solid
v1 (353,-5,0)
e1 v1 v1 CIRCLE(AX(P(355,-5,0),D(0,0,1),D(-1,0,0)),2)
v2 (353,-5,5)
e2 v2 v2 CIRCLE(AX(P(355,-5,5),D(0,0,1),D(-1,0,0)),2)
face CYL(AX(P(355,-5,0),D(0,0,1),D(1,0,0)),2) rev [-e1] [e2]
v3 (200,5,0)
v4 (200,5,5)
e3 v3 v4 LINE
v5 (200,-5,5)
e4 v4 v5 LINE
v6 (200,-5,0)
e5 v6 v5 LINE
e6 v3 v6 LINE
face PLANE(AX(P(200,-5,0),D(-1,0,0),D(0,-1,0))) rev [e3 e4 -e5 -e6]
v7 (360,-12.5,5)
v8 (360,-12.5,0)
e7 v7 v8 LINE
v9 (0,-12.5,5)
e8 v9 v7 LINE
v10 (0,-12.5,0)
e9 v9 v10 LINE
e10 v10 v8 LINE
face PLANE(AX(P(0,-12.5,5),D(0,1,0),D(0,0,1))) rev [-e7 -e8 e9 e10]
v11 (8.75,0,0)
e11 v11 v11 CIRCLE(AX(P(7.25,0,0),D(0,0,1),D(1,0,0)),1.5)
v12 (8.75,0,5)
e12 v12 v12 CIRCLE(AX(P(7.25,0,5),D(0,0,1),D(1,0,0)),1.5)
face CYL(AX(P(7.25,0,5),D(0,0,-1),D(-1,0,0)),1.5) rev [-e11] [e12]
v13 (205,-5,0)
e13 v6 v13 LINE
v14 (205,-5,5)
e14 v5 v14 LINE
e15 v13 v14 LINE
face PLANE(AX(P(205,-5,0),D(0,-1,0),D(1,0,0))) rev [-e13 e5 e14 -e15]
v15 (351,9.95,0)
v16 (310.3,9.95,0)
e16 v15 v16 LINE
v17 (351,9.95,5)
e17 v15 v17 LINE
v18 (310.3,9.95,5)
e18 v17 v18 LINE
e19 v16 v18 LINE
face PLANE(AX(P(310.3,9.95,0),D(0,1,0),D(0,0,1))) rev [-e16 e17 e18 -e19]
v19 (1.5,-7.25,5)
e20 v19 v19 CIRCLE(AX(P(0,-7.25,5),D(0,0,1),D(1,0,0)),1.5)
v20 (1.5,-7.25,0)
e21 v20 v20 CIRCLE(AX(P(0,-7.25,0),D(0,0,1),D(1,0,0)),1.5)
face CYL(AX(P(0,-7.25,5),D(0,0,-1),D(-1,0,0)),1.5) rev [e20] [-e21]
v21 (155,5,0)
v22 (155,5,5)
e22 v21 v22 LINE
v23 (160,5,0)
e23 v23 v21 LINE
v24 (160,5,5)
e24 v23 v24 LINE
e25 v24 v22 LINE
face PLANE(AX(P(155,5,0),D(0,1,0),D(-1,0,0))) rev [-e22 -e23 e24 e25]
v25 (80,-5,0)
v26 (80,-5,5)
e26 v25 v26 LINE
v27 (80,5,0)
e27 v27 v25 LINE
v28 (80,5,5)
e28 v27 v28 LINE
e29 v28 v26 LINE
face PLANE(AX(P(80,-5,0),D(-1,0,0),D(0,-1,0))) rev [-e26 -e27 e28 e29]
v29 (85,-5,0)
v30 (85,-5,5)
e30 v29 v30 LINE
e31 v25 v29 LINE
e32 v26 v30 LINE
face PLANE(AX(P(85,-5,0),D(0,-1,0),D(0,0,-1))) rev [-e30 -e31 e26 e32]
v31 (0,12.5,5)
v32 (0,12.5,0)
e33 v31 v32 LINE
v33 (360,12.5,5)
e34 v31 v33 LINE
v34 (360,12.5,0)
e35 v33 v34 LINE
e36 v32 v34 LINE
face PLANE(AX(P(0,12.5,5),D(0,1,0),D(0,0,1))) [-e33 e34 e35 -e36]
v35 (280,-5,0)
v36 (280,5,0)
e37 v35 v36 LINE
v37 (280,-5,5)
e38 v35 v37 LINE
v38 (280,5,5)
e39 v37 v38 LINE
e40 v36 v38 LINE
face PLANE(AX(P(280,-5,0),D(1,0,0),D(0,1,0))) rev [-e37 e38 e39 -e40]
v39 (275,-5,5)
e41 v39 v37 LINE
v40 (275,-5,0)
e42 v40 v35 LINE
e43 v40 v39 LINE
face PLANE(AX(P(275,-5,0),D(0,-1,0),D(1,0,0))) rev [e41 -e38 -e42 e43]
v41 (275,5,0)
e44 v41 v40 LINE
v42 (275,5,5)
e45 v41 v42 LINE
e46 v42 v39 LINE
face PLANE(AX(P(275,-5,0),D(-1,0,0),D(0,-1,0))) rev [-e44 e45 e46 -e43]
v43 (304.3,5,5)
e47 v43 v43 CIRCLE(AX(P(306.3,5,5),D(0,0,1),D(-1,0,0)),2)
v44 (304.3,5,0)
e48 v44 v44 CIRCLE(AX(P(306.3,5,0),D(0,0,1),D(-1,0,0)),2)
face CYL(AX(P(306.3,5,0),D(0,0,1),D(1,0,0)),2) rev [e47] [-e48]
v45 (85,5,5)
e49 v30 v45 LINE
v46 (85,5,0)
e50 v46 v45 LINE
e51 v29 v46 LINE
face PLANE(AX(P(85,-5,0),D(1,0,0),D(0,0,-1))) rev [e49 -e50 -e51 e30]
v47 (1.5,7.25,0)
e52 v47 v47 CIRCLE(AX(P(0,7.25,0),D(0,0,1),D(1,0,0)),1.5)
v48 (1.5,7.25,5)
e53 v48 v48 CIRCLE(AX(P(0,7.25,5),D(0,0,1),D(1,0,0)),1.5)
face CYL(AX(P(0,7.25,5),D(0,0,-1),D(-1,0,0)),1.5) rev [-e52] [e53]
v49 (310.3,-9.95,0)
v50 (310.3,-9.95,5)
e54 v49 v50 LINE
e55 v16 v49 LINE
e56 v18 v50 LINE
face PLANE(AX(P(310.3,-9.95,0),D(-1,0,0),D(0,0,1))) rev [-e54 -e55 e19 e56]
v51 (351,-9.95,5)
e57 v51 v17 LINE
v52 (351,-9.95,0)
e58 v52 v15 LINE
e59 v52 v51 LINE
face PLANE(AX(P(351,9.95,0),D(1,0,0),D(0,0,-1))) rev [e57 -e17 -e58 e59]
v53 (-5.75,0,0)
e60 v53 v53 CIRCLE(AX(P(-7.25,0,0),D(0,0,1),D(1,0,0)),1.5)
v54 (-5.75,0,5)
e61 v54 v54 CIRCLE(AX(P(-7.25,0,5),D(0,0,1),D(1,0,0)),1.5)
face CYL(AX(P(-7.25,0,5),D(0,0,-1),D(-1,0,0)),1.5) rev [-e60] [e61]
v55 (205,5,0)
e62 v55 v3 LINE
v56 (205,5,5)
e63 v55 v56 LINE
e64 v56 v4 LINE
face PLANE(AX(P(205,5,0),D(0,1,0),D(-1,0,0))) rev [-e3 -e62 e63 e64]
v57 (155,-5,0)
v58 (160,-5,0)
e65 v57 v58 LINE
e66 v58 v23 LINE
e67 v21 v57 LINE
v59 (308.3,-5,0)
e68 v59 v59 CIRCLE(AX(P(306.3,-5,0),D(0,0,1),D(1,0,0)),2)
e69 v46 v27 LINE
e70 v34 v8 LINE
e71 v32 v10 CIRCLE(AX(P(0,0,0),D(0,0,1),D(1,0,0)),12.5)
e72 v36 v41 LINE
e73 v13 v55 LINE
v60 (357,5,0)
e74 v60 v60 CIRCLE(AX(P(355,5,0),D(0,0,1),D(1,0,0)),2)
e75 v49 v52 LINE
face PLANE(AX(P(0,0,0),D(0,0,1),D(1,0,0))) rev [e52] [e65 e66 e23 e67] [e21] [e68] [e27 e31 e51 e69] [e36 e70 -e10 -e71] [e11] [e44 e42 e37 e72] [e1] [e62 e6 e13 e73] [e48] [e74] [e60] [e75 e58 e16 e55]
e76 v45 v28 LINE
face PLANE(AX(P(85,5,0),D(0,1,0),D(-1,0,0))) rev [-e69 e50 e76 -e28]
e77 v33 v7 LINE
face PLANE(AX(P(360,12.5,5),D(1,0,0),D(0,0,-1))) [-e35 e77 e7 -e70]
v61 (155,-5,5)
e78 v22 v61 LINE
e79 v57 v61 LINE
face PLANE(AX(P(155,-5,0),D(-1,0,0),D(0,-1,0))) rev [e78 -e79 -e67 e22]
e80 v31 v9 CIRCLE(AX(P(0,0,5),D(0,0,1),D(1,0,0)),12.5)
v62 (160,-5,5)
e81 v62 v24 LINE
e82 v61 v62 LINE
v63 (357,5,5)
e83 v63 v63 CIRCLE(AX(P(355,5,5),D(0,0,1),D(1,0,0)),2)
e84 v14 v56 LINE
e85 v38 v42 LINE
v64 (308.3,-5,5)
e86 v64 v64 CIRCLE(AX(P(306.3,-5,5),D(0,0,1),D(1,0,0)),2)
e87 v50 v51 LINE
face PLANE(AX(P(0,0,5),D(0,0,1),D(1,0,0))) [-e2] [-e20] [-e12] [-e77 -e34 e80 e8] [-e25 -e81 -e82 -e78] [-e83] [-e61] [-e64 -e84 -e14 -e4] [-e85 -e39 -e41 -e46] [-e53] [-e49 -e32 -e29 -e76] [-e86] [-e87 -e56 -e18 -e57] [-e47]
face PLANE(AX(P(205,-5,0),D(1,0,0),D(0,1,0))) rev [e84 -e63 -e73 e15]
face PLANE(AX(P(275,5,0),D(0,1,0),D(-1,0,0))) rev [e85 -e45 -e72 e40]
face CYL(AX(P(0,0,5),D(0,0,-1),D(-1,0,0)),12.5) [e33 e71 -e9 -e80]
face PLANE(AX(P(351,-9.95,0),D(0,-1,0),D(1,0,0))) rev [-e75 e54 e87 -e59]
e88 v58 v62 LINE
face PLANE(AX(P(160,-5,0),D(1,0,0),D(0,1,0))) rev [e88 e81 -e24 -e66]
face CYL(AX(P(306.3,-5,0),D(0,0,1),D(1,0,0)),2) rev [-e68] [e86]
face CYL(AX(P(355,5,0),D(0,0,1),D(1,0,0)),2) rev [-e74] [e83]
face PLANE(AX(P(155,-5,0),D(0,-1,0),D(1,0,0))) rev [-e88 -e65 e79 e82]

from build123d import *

# Parameters (mm, degrees)
SKETCH_1_R          = 1.5
EXTRUDE_1_DEPTH     = 5
SKETCH_4_W          = 40.7
SKETCH_4_H          = 19.9
CUT_EXTRUDE_1_DEPTH = 361.251648157
SKETCH_6_W          = 5
SKETCH_6_H          = 10
CUT_EXTRUDE_2_DEPTH = 361.251648157
SKETCH_7_R          = 2
CUT_EXTRUDE_3_DEPTH = 361.251648157


with BuildPart() as part:
    # 스케치1 → 보스-돌출1 (new body)
    with BuildSketch(Plane.XY):
        with BuildLine():
            Line((0, -12.5), (360, -12.5))
            Line((360, -12.5), (360, 12.5))
            Line((360, 12.5), (0, 12.5))
            ThreePointArc((0, 12.5), (-12.5, 0), (0, -12.5))
        make_face()
        with Locations((0, 7.25)):
            Circle(SKETCH_1_R, mode=Mode.SUBTRACT)
        with Locations((7.25, 0)):
            Circle(SKETCH_1_R, mode=Mode.SUBTRACT)
        with Locations((0, -7.25)):
            Circle(SKETCH_1_R, mode=Mode.SUBTRACT)
        with Locations((-7.25, 0)):
            Circle(SKETCH_1_R, mode=Mode.SUBTRACT)
    extrude(amount=EXTRUDE_1_DEPTH)

    # 스케치4 → 컷-돌출1 (cut, through all)
    with BuildSketch(Plane.XY.offset(5)):
        with Locations((330.65, 0)):
            Rectangle(SKETCH_4_W, SKETCH_4_H)
    extrude(amount=-CUT_EXTRUDE_1_DEPTH, mode=Mode.SUBTRACT)

    # 스케치6 → 컷-돌출2 (cut, through all)
    with BuildSketch(Plane.XY.offset(5)):
        with Locations((82.5, 0)):
            Rectangle(SKETCH_6_W, SKETCH_6_H)
        with Locations((202.5, 0)):
            Rectangle(SKETCH_6_W, SKETCH_6_H)
        with Locations((157.5, 0)):
            Rectangle(SKETCH_6_W, SKETCH_6_H)
        with Locations((277.5, 0)):
            Rectangle(SKETCH_6_W, SKETCH_6_H)
    extrude(amount=-CUT_EXTRUDE_2_DEPTH, mode=Mode.SUBTRACT)

    # 스케치7 → 컷-돌출3 (cut, through all)
    with BuildSketch(Plane.XY.offset(5)):
        with Locations((355, 5)):
            Circle(SKETCH_7_R)
        with Locations(Location((355, -5, 0), (0, 0, 180))):
            Circle(SKETCH_7_R)
        with Locations(Location((306.3, 5, 0), (0, 0, 180))):
            Circle(SKETCH_7_R)
        with Locations((306.3, -5)):
            Circle(SKETCH_7_R)
    extrude(amount=-CUT_EXTRUDE_3_DEPTH, mode=Mode.SUBTRACT)


solid = part.part
